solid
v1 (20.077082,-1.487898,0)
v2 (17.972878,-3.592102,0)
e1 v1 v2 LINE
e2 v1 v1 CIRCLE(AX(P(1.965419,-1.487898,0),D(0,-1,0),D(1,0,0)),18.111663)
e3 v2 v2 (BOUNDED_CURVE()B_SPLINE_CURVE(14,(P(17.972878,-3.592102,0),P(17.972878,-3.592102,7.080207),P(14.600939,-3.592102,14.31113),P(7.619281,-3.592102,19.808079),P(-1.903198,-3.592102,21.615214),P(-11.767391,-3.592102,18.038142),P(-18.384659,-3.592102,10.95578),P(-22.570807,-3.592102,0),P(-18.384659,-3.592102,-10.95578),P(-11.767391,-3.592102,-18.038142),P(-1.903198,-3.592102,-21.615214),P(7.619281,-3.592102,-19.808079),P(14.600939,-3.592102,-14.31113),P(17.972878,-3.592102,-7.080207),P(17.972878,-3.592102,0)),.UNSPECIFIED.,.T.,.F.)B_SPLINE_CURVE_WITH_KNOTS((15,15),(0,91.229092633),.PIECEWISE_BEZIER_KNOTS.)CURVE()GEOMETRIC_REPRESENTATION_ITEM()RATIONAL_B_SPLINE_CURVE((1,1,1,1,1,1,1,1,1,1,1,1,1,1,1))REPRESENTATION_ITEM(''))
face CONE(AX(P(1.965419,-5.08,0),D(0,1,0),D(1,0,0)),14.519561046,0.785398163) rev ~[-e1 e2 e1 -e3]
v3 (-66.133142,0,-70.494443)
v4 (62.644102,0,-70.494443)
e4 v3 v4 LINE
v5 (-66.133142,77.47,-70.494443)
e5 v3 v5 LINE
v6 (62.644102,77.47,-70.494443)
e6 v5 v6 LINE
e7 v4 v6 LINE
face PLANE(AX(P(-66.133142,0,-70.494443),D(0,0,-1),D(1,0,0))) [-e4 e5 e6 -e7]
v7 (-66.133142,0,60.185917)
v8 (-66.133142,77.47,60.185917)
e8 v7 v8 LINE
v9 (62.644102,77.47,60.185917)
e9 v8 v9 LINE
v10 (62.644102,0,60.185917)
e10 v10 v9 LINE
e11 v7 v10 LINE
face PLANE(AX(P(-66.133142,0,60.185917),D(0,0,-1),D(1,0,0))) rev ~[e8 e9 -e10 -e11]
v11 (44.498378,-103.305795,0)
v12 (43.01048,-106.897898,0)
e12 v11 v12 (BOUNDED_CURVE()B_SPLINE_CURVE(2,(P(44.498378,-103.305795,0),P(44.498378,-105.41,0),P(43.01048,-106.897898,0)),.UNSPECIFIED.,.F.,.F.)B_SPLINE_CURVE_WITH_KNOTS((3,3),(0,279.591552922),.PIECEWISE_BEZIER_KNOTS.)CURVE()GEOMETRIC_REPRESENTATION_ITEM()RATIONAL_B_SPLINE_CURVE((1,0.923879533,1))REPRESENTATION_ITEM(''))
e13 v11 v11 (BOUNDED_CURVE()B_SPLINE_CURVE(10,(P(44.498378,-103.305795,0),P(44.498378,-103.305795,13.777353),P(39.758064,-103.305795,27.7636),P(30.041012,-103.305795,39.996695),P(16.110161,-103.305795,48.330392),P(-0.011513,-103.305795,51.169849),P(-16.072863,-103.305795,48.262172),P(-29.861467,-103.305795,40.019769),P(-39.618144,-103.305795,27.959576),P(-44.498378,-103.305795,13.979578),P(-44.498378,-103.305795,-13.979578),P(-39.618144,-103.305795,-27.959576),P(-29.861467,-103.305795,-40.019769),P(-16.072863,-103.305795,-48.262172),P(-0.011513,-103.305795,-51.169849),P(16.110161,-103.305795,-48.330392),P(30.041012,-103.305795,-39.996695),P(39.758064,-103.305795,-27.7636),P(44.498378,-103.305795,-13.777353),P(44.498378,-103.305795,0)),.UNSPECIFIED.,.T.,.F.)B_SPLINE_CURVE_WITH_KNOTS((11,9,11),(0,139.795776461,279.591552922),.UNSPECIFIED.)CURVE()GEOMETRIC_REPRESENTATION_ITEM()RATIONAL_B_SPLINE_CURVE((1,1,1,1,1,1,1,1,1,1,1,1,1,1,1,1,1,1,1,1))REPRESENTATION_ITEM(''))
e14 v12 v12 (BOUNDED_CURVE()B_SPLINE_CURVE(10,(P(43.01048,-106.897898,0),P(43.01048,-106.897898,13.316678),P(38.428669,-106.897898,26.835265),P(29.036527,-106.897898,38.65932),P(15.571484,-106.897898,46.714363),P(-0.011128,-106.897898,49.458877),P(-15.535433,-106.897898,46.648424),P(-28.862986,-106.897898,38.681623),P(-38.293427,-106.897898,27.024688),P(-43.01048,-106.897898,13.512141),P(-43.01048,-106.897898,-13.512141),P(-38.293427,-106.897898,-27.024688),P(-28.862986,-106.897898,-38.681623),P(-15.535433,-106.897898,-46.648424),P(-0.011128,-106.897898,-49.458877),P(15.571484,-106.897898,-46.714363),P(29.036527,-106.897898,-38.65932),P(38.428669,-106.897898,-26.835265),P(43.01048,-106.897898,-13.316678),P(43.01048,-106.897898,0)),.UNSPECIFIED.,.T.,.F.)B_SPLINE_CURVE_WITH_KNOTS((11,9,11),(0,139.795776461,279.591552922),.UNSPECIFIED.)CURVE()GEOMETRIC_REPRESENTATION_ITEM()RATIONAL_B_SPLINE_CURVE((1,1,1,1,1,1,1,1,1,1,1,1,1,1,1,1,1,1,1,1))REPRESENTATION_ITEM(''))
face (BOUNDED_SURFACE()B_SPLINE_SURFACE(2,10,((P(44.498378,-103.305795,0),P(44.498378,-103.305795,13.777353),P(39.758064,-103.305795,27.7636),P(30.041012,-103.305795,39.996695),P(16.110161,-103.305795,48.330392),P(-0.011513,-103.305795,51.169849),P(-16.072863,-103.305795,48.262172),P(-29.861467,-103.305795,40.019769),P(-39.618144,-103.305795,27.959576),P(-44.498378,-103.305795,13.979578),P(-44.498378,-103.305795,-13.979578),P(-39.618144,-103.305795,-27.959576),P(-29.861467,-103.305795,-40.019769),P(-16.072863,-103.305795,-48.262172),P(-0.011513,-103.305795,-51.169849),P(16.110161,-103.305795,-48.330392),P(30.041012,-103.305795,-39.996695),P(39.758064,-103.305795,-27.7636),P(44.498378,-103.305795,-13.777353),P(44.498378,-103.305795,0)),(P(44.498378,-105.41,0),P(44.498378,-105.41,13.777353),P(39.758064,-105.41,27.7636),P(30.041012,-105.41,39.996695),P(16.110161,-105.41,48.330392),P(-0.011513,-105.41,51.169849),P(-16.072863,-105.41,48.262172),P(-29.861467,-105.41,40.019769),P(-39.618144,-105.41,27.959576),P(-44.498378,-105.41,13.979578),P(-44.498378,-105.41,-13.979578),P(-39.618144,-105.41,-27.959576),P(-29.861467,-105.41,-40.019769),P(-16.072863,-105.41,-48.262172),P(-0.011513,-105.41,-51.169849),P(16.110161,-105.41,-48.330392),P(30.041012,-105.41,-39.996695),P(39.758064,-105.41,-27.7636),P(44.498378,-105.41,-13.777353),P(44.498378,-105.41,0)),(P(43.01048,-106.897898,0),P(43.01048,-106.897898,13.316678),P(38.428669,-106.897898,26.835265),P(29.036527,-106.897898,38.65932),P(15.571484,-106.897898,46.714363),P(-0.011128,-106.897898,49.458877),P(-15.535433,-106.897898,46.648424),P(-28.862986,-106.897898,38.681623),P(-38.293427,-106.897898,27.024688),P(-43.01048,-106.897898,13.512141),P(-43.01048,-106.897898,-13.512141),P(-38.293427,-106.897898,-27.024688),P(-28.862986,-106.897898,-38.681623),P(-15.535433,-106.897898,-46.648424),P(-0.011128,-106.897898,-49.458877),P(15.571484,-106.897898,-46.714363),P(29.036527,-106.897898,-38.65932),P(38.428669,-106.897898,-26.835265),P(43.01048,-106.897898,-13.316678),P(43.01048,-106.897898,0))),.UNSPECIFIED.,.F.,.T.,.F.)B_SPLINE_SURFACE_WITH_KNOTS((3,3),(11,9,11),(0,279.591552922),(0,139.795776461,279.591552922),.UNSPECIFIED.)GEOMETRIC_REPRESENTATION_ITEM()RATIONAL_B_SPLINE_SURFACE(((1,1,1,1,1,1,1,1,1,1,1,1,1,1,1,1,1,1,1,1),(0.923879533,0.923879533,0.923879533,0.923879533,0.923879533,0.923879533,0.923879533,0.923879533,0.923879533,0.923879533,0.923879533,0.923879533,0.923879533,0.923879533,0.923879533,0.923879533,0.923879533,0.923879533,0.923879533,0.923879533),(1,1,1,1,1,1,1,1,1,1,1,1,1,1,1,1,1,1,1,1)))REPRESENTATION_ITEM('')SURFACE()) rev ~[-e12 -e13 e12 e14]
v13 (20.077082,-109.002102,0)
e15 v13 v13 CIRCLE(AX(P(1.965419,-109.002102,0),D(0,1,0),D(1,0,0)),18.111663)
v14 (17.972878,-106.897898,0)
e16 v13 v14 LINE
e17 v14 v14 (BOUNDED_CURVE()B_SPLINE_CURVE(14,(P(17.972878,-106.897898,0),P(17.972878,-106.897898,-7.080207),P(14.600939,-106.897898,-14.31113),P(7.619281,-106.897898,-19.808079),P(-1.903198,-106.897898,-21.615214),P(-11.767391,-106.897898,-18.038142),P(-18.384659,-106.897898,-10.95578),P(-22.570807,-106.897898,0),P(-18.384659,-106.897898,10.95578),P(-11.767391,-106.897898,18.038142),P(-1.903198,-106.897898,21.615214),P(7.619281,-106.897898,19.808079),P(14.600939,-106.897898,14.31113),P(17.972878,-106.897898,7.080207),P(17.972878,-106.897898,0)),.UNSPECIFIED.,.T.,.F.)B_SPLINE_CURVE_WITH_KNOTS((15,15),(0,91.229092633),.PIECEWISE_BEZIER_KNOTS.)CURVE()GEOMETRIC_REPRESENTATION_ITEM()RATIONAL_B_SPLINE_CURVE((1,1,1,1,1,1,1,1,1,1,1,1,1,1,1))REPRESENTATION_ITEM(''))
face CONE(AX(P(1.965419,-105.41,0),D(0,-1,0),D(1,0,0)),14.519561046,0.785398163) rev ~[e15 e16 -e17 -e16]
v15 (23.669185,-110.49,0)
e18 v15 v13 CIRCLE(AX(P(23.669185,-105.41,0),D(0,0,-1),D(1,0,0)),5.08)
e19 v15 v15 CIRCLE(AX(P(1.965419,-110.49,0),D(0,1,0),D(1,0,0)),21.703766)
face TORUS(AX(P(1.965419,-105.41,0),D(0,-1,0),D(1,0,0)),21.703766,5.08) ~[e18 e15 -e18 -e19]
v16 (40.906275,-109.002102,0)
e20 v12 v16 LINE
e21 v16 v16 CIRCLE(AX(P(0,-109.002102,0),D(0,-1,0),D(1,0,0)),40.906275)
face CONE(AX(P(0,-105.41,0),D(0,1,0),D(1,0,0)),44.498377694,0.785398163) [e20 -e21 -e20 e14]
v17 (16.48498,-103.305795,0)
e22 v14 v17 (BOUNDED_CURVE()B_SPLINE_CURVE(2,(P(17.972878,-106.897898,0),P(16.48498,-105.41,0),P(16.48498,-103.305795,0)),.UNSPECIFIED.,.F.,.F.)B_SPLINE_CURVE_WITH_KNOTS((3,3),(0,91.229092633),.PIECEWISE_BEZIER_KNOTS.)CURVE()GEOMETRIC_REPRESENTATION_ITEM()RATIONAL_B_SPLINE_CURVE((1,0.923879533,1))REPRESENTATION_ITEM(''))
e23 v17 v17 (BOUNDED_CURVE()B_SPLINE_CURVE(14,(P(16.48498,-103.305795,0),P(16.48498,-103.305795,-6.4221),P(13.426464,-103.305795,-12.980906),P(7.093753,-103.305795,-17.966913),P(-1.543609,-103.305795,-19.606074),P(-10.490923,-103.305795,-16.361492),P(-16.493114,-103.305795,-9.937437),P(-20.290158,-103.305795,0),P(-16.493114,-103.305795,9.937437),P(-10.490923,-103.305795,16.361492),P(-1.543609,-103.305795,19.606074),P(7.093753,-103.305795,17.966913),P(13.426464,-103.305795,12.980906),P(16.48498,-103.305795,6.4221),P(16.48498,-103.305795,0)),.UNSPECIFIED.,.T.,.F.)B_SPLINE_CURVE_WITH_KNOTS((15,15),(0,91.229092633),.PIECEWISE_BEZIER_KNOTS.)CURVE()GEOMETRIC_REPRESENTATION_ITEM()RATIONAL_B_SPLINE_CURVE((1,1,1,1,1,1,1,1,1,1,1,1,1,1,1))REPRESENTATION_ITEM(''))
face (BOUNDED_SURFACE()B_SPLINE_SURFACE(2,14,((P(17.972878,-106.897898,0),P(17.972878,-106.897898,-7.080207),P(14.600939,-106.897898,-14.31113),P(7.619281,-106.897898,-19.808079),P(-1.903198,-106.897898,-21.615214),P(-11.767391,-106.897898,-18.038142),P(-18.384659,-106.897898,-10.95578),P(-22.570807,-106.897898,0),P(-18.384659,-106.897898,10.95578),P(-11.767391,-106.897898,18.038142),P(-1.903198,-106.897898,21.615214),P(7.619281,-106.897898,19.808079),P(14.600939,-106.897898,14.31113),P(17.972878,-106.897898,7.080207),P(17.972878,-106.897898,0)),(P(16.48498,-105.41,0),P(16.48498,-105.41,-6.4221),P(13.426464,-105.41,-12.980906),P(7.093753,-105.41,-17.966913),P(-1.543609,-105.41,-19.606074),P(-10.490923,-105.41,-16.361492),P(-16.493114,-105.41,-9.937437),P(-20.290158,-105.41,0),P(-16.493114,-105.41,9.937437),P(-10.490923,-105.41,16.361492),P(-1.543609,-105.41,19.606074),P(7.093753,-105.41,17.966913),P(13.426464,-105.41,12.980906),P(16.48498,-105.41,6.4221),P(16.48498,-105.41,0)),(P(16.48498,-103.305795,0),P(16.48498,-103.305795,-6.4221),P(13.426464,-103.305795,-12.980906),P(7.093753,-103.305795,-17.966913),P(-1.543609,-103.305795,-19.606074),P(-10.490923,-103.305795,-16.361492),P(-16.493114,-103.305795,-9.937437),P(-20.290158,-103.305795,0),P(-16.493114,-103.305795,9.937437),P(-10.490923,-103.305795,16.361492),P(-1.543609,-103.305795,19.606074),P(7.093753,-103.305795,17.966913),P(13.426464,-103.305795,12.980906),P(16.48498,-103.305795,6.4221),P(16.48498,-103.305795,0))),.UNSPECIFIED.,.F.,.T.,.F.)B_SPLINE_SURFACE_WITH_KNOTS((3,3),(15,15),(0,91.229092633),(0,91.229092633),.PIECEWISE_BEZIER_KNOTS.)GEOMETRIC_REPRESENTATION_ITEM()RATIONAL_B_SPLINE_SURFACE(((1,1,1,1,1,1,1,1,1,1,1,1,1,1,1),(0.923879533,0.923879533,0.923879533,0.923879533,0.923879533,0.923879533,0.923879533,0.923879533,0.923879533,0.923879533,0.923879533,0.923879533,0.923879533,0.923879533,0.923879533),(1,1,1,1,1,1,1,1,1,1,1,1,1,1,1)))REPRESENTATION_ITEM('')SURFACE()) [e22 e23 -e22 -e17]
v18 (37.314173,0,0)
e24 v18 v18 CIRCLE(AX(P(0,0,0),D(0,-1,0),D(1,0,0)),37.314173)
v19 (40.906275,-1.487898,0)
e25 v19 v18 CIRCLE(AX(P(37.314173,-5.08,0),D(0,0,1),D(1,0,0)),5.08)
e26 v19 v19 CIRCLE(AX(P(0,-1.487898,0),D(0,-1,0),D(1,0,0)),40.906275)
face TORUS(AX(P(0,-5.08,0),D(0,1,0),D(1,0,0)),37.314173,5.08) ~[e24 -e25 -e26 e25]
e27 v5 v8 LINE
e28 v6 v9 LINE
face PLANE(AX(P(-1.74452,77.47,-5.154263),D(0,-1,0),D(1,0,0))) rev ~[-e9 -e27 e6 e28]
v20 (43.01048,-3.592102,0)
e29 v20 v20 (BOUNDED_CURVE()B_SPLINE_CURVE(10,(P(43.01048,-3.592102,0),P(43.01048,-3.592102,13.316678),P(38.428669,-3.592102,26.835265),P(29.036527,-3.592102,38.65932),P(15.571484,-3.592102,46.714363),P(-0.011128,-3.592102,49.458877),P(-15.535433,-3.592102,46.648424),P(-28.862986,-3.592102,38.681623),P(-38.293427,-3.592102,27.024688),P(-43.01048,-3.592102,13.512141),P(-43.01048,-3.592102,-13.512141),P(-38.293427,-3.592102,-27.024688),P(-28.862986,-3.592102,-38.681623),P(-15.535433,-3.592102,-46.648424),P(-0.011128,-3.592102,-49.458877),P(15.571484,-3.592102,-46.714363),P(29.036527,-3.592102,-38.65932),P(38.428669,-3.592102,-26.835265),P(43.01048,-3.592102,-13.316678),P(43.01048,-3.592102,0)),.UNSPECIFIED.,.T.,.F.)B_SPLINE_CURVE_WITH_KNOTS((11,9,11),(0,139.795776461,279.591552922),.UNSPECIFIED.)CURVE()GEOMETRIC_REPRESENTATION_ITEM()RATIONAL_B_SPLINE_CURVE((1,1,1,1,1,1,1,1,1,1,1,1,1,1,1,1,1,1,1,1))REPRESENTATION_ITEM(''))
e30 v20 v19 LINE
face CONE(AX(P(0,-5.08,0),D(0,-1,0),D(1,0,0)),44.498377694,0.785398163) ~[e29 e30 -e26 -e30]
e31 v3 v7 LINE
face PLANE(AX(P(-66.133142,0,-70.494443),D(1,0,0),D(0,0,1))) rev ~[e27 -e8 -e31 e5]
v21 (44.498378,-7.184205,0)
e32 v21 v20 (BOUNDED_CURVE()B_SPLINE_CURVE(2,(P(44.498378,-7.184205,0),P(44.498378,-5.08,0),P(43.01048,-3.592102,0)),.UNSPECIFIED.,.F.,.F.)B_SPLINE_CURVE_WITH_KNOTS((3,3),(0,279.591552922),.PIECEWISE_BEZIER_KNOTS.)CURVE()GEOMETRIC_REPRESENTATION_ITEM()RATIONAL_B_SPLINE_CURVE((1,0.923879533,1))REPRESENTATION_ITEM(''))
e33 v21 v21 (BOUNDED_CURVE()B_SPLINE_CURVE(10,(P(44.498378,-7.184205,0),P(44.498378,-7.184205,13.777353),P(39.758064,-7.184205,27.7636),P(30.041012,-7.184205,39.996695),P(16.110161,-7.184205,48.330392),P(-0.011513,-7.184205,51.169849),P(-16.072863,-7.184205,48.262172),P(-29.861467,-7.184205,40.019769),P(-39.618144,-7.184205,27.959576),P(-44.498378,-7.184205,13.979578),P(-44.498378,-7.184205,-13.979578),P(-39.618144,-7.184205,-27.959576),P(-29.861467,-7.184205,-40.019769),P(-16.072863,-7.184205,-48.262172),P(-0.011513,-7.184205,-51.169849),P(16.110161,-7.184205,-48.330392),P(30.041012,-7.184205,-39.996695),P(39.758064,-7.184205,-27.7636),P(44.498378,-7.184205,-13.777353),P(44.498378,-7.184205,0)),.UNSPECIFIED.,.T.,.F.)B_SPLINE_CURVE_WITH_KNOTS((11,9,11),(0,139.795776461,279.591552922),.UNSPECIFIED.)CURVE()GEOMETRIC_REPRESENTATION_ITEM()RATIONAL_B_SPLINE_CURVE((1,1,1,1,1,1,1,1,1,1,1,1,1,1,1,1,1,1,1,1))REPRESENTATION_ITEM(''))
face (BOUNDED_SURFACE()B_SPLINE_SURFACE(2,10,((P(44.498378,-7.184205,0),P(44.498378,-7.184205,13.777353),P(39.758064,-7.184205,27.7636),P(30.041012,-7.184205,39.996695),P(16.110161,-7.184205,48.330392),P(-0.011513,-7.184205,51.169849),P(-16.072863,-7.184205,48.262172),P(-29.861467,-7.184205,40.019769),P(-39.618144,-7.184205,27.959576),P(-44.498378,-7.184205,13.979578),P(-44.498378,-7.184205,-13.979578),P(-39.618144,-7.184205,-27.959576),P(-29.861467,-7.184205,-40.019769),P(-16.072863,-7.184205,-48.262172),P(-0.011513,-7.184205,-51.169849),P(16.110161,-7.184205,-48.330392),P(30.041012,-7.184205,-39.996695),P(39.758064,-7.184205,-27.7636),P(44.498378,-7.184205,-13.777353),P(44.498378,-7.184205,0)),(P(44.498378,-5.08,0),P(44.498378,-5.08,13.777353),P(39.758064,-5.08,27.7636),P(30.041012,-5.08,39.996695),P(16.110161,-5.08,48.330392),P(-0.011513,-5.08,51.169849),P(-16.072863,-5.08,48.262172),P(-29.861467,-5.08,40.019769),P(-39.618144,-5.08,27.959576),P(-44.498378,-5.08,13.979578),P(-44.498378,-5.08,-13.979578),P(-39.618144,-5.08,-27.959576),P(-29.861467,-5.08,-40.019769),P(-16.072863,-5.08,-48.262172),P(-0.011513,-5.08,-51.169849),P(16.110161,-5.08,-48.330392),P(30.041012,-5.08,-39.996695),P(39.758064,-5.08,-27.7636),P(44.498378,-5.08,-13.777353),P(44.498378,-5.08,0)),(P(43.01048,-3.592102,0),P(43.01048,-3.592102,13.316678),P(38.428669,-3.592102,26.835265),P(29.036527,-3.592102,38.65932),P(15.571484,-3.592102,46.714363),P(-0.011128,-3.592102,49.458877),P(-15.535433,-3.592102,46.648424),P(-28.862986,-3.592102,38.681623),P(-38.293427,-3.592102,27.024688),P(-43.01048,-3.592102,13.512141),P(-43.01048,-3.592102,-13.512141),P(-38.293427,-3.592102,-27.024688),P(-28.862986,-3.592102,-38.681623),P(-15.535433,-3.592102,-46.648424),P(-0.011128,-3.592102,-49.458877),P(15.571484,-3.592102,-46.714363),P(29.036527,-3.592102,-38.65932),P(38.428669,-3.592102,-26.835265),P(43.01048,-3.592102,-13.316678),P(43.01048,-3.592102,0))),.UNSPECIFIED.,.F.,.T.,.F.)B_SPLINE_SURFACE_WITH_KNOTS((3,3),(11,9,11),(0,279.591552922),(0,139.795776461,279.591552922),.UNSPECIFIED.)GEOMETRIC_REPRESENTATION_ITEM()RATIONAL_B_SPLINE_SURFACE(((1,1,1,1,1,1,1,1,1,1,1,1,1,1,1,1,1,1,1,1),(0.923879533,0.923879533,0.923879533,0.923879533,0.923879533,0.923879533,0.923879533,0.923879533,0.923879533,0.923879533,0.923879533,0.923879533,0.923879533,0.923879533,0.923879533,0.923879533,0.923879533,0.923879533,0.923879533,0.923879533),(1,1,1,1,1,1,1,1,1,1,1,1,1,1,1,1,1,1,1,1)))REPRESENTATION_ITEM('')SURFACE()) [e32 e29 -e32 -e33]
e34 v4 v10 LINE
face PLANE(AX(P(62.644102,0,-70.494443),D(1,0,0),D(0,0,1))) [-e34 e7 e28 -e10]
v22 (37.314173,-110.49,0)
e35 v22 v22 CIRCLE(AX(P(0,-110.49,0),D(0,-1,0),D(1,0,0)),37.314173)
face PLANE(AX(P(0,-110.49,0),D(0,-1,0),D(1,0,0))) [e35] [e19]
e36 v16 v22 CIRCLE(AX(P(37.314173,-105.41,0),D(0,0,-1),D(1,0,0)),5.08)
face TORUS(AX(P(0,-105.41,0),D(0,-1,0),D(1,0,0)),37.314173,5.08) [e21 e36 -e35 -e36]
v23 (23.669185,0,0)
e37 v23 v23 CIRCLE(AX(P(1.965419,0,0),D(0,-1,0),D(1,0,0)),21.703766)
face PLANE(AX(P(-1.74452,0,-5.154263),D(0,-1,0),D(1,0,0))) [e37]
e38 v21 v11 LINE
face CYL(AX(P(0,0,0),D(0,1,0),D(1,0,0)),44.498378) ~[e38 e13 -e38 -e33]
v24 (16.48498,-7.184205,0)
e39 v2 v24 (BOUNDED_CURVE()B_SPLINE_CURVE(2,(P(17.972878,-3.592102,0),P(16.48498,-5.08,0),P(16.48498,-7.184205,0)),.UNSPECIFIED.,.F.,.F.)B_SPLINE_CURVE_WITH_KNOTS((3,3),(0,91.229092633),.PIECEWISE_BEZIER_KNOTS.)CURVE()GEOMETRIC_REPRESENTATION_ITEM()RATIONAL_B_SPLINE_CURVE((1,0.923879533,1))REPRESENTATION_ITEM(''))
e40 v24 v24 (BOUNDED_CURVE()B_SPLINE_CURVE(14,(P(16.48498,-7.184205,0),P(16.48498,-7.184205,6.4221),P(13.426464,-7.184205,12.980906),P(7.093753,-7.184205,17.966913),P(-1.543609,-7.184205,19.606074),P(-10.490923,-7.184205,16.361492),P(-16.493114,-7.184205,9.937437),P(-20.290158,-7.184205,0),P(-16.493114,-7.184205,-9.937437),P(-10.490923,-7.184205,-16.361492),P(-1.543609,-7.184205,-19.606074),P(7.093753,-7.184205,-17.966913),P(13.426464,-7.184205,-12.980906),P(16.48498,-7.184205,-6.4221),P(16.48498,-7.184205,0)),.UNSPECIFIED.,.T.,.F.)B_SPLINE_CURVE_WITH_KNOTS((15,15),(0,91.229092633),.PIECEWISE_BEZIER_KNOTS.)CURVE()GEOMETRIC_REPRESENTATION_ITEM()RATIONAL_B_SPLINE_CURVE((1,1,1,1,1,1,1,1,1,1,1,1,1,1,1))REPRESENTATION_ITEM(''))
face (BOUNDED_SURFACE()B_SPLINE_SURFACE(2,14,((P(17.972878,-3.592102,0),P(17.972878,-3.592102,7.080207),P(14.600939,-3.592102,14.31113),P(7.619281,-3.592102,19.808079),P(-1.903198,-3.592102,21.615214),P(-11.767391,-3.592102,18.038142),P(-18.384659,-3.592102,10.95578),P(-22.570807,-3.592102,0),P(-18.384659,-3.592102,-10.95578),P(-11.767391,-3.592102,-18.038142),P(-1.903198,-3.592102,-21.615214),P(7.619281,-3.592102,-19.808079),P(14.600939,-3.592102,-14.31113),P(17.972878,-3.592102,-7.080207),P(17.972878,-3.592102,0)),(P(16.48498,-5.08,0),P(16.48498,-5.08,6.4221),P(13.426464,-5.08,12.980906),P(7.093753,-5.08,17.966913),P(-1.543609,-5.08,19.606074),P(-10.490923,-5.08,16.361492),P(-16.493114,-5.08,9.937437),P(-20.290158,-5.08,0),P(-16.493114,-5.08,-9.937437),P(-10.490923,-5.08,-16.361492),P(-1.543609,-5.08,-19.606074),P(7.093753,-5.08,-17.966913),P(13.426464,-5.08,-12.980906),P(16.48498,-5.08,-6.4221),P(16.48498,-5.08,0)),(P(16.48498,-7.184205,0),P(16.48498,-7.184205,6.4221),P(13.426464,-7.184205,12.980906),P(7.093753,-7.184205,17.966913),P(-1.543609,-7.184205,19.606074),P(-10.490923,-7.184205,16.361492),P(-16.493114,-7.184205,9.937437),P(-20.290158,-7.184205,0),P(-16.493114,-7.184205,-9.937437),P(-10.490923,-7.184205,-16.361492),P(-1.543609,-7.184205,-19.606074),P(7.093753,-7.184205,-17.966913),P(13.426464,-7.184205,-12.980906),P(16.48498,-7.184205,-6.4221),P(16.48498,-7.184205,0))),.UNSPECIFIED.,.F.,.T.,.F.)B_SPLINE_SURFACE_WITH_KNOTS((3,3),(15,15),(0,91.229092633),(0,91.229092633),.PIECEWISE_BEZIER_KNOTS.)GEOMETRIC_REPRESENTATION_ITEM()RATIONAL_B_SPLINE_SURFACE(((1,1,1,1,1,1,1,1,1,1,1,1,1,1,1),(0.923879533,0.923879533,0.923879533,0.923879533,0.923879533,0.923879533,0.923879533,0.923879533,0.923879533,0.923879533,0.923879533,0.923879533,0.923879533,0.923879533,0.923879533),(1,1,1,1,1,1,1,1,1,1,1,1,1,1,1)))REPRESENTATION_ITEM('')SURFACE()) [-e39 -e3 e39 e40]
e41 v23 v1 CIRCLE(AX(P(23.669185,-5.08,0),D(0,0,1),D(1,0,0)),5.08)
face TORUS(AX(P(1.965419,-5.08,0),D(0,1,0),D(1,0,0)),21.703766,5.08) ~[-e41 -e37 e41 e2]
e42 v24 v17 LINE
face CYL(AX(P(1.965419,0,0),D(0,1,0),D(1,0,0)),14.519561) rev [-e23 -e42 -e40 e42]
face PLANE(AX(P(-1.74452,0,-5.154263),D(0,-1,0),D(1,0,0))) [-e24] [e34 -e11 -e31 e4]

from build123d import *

# Parameters (mm, degrees)
F0_R     = 44.4983776942
F1_DEPTH = 110.49
F2_R     = 14.5195610464
F3_DEPTH = 202.946
F4_SIZE  = 5.08
F5_R     = 5.08
F6_W     = 128.777243197
F6_H     = 130.6803599
F7_DEPTH = 77.47


with BuildPart() as f1:
    # F0 (on Front) → F1 (new body)
    with BuildSketch(Plane.XZ):
        Circle(F0_R)
    extrude(amount=F1_DEPTH)

    # F2 (on Front) → F3 (cut)
    with BuildSketch(Plane.XZ):
        with Locations((1.9654189236, 0)):
            Circle(F2_R)
    extrude(amount=F3_DEPTH, mode=Mode.SUBTRACT)

    # F4
    f4_edges = [f1.edges().sort_by_distance(p)[0] for p in [
        (-12.554142, -110.49, 0),
        (-12.554142, 0, 0),
        (-44.498378, -110.49, 0),
        (-44.498378, 0, 0),
    ]]
    chamfer(f4_edges, length=F4_SIZE)

    # F5
    f5_edges = [f1.edges().sort_by_distance(p)[0] for p in [
        (-44.498378, -105.41, 0),
        (-39.418378, -110.49, 0),
        (-44.498378, -5.08, 0),
        (-39.418378, 0, 0),
        (-12.554142, -105.41, 0),
        (-17.634142, -110.49, 0),
        (19.02498, -2.54, 0),
        (-17.634142, 0, 0),
        (-12.554142, -5.08, 0),
    ]]
    fillet(f5_edges, radius=F5_R)

    # F6 (on Front) → F7 (join)
    with BuildSketch(Plane.XZ):
        with Locations((-1.7445199192, -5.1542632282)):
            Rectangle(F6_W, F6_H)
    extrude(amount=-F7_DEPTH)


solid = f1.part
